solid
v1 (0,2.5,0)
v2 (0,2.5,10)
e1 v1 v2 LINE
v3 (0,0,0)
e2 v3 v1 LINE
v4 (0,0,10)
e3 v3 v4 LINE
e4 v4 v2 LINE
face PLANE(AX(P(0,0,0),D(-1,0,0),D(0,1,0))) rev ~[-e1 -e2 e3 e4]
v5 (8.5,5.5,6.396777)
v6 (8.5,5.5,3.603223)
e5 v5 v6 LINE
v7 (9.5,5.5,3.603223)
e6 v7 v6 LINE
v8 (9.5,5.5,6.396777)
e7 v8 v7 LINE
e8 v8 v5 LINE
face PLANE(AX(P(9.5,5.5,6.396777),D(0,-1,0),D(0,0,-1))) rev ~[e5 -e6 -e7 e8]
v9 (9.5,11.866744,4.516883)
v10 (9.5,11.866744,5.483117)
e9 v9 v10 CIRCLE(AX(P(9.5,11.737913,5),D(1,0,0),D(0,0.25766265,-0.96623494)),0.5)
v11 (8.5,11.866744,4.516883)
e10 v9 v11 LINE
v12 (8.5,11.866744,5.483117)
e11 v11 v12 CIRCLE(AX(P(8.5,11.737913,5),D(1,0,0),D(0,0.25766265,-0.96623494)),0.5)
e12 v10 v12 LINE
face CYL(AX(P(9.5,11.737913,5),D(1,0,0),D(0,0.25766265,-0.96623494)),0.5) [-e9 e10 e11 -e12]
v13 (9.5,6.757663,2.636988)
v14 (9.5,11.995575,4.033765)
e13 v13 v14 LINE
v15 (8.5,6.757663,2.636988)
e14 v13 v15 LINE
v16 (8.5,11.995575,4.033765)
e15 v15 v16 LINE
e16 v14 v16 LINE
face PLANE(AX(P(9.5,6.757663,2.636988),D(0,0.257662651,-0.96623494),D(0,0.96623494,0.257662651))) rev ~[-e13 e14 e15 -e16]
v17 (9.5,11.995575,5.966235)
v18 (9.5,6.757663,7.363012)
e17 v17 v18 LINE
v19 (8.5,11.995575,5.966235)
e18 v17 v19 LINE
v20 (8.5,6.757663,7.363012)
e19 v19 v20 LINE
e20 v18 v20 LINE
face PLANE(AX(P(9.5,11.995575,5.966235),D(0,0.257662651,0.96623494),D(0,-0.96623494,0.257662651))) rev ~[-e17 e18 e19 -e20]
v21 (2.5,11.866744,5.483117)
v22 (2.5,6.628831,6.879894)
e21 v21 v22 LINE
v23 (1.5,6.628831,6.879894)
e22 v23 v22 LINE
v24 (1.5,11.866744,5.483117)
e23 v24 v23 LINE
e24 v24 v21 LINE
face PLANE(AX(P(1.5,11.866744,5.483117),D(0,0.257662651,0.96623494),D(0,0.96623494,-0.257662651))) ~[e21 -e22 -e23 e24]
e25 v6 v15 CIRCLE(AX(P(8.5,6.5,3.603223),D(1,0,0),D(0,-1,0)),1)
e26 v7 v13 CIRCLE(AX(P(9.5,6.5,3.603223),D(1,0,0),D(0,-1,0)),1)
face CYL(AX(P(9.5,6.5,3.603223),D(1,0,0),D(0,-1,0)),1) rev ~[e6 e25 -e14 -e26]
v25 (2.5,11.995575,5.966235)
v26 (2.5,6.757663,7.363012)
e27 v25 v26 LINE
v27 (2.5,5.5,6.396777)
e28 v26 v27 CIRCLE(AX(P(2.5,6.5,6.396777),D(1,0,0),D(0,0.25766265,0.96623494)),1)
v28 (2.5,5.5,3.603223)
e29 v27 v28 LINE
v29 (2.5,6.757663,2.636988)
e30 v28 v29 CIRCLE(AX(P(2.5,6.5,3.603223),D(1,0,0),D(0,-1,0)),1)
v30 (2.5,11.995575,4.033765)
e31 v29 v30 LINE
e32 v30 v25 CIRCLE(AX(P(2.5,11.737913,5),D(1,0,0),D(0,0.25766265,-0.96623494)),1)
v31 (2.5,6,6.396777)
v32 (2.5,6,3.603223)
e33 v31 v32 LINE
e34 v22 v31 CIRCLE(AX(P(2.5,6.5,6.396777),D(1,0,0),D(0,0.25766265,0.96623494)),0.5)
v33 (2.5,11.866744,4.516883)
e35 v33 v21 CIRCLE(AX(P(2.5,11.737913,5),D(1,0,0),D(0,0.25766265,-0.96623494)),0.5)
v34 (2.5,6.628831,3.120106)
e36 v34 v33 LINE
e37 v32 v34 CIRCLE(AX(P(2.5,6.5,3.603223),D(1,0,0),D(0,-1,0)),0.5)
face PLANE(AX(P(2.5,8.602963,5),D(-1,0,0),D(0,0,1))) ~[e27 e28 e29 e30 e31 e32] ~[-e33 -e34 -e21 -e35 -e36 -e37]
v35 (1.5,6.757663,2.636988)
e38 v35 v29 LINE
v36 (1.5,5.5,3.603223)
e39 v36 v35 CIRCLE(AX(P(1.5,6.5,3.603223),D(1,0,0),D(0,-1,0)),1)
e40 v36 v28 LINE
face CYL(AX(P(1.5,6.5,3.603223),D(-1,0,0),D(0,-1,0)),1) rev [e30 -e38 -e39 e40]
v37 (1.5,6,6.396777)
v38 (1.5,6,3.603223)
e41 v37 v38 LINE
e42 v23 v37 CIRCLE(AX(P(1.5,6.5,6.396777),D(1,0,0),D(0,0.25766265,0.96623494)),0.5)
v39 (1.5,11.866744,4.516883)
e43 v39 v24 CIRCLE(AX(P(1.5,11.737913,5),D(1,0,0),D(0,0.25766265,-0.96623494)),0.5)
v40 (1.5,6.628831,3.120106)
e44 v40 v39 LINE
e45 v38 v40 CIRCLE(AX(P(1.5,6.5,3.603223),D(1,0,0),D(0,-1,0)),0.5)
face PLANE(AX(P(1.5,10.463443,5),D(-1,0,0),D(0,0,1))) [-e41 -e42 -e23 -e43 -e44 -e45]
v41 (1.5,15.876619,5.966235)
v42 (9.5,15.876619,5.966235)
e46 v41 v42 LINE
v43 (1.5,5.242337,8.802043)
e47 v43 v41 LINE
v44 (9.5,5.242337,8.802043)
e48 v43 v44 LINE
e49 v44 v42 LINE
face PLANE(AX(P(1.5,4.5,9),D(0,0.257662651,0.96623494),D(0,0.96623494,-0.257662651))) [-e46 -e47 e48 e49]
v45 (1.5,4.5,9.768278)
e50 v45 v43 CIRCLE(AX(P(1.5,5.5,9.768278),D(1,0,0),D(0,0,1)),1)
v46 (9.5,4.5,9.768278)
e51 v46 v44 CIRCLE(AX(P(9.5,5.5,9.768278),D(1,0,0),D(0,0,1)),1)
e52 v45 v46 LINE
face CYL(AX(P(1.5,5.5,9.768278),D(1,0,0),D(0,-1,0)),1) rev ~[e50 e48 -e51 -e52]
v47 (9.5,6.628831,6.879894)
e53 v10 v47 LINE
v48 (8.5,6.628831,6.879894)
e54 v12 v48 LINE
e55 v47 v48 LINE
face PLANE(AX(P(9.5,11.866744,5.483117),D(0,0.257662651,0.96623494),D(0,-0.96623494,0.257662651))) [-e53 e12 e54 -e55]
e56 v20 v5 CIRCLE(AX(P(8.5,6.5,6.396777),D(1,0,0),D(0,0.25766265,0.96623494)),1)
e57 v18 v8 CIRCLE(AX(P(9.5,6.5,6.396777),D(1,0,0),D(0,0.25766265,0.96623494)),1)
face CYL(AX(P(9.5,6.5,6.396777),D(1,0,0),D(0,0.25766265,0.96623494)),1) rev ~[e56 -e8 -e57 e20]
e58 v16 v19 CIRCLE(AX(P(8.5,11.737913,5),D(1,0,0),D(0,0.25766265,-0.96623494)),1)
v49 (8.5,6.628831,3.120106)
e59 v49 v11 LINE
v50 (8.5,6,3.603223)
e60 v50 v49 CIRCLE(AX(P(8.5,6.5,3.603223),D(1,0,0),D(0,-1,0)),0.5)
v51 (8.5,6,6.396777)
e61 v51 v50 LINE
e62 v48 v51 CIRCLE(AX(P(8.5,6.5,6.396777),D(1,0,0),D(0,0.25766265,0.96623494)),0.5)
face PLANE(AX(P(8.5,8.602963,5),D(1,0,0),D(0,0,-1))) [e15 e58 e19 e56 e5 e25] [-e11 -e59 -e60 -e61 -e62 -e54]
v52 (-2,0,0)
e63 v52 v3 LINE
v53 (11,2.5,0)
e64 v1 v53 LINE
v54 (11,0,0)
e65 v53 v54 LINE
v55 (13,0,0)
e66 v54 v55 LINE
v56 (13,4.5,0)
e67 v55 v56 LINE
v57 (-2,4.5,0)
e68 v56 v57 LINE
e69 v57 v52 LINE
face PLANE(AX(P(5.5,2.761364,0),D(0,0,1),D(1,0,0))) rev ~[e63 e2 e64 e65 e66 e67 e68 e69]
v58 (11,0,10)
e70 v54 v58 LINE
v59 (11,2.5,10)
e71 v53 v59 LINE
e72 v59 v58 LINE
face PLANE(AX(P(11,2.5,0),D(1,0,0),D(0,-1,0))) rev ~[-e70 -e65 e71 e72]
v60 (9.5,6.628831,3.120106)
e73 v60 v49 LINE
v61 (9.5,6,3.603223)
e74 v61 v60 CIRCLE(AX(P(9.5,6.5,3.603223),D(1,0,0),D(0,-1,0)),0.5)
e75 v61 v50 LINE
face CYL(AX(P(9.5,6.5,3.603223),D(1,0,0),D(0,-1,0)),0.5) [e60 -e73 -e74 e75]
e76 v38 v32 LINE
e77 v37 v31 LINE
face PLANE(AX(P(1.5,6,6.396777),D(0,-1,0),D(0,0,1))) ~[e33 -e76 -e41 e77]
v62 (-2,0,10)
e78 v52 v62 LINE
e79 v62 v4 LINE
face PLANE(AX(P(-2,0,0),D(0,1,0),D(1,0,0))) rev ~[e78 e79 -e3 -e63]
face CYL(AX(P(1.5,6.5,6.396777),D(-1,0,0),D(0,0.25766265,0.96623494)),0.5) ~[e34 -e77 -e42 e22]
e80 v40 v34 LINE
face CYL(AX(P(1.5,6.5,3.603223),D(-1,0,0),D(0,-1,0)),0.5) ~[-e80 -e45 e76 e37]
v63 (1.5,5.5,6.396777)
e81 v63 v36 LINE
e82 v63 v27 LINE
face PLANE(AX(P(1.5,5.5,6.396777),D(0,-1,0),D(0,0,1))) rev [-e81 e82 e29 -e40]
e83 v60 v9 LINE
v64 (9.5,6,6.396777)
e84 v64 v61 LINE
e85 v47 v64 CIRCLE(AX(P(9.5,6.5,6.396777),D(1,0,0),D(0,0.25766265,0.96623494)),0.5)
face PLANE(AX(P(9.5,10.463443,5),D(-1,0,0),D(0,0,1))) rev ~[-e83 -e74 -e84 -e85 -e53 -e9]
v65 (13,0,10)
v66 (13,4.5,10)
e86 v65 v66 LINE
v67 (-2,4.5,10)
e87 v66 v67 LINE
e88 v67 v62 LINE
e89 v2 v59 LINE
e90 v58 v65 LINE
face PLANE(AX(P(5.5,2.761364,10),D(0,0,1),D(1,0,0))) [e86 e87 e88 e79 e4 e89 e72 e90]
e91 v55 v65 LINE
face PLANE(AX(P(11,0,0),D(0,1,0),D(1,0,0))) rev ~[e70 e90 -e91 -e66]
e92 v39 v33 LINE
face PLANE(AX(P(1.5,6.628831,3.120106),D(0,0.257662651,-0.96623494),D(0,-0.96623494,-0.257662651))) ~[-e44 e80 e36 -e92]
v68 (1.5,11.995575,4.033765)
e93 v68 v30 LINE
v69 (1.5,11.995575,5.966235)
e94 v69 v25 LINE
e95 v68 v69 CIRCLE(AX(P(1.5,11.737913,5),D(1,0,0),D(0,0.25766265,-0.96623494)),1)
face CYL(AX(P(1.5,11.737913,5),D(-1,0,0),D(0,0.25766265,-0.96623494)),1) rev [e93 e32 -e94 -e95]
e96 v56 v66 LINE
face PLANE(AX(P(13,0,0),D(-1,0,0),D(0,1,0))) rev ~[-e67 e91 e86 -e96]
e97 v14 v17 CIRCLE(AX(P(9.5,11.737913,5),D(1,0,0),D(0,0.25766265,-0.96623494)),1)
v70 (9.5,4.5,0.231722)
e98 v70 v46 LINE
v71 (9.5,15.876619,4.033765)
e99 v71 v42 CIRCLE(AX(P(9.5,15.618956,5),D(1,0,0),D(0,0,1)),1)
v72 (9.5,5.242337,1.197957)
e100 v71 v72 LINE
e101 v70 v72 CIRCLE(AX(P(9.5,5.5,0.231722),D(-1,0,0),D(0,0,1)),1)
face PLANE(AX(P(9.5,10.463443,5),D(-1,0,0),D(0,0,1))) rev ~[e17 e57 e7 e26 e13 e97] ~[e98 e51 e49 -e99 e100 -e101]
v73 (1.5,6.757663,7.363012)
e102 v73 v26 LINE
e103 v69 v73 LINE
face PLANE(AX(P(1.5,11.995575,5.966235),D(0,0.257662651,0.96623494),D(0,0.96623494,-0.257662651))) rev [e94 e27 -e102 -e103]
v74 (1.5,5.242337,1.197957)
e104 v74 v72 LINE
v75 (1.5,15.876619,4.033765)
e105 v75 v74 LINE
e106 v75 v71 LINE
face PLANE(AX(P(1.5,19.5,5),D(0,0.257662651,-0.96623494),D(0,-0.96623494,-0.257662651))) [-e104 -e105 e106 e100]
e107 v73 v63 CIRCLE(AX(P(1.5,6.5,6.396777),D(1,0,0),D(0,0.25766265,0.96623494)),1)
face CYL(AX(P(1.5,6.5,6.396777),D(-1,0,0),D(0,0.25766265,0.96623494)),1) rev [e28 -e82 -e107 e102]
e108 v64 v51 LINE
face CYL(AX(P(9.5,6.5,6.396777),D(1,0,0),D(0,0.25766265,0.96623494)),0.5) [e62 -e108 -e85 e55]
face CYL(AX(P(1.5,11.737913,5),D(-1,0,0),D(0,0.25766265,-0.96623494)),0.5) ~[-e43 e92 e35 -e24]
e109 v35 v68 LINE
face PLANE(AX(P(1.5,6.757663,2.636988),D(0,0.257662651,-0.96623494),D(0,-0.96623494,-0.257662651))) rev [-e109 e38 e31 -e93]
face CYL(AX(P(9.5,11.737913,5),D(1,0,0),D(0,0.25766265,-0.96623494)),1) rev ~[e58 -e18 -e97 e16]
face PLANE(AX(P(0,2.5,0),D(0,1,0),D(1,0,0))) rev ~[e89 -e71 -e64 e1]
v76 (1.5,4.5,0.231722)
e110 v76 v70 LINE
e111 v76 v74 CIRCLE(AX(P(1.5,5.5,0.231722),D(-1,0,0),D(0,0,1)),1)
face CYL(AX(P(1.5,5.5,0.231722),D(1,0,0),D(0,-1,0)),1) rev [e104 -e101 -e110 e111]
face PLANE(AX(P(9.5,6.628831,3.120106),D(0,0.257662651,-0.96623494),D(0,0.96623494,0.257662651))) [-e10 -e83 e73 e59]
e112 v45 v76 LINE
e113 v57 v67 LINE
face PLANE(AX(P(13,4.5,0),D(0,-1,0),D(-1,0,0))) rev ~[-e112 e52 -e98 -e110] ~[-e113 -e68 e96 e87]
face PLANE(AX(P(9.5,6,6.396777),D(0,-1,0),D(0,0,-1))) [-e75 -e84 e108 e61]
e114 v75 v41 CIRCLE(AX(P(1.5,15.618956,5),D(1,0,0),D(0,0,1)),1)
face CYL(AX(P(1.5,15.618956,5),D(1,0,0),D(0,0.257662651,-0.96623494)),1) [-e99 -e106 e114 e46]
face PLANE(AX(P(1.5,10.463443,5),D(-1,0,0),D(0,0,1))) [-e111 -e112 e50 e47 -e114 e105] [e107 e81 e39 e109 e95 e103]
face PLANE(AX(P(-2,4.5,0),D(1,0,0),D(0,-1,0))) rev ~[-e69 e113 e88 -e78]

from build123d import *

# Parameters (mm, degrees)
EXTRUDE_1_DEPTH      = 10
EXTRUDE_3_DEPTH      = 4
EXTRUDE_3_DEPTH_BACK = 4
FILLET_3_R           = 1
CUT_EXTRUDE_2_DEPTH  = 1


with BuildPart() as part:
    # 草图1 → 凸台-拉伸1 (new body)
    with BuildSketch(Plane.XY):
        Polygon((0, 0), (0, 2.5), (11, 2.5), (11, 0), (13, 0), (13, 4.5), (-2, 4.5), (-2, 0), align=None)
    extrude(amount=EXTRUDE_1_DEPTH)

    # 草图7 → 凸台-拉伸3 (add, two sides: drawn at the far end of the back side and taken through both)
    with BuildSketch(Plane(origin=(5.5, 0, 0), x_dir=(0, 0, -1), z_dir=(1, 0, 0)).offset(-EXTRUDE_3_DEPTH_BACK)):
        Polygon((-9, 4.5), (-5, 19.5), (-1, 4.5), align=None)
    extrude(amount=EXTRUDE_3_DEPTH + EXTRUDE_3_DEPTH_BACK)

    # 圆角3
    fillet_3_edges = [part.edges().sort_by_distance(p)[0] for p in [
        (5.5, 4.5, 1),
        (5.5, 4.5, 9),
        (5.5, 19.5, 5),
    ]]
    fillet(fillet_3_edges, radius=FILLET_3_R)

    # 草图8 → 切除-拉伸2 (cut)
    with BuildSketch(Plane(origin=(9.5, 0, 0), x_dir=(0, 0, -1), z_dir=(1, 0, 0))):
        with BuildLine():
            Line((-2.636988353, 6.757662651), (-4.03376506, 11.995575302))
            ThreePointArc((-4.03376506, 11.995575302), (-5, 12.737912652), (-5.96623494, 11.995575302))
            Line((-5.96623494, 11.995575302), (-7.363011647, 6.757662651))
            ThreePointArc((-7.363011647, 6.757662651), (-7.189765563, 5.89076386), (-6.396776707, 5.5))
            Line((-6.396776707, 5.5), (-3.603223293, 5.5))
            ThreePointArc((-3.603223293, 5.5), (-2.810234437, 5.89076386), (-2.636988353, 6.757662651))
        make_face()
        with BuildLine():
            ThreePointArc((-6.879894177, 6.628831325), (-6.793271135, 6.19538193), (-6.396776707, 6))
            Line((-6.396776707, 6), (-3.603223293, 6))
            ThreePointArc((-3.603223293, 6), (-3.206728865, 6.19538193), (-3.120105823, 6.628831325))
            Line((-3.120105823, 6.628831325), (-4.51688253, 11.866743977))
            ThreePointArc((-4.51688253, 11.866743977), (-5, 12.237912652), (-5.48311747, 11.866743977))
            Line((-5.48311747, 11.866743977), (-6.879894177, 6.628831325))
        make_face(mode=Mode.SUBTRACT)
    cut_extrude_2 = extrude(amount=-CUT_EXTRUDE_2_DEPTH, mode=Mode.SUBTRACT)

    # 镜向1: 切除-拉伸2 across plane
    add(cut_extrude_2.mirror(Plane(origin=(5.5, 0, 0), x_dir=(0, 0, 1), z_dir=(1, 0, 0))), mode=Mode.SUBTRACT)


solid = part.part
